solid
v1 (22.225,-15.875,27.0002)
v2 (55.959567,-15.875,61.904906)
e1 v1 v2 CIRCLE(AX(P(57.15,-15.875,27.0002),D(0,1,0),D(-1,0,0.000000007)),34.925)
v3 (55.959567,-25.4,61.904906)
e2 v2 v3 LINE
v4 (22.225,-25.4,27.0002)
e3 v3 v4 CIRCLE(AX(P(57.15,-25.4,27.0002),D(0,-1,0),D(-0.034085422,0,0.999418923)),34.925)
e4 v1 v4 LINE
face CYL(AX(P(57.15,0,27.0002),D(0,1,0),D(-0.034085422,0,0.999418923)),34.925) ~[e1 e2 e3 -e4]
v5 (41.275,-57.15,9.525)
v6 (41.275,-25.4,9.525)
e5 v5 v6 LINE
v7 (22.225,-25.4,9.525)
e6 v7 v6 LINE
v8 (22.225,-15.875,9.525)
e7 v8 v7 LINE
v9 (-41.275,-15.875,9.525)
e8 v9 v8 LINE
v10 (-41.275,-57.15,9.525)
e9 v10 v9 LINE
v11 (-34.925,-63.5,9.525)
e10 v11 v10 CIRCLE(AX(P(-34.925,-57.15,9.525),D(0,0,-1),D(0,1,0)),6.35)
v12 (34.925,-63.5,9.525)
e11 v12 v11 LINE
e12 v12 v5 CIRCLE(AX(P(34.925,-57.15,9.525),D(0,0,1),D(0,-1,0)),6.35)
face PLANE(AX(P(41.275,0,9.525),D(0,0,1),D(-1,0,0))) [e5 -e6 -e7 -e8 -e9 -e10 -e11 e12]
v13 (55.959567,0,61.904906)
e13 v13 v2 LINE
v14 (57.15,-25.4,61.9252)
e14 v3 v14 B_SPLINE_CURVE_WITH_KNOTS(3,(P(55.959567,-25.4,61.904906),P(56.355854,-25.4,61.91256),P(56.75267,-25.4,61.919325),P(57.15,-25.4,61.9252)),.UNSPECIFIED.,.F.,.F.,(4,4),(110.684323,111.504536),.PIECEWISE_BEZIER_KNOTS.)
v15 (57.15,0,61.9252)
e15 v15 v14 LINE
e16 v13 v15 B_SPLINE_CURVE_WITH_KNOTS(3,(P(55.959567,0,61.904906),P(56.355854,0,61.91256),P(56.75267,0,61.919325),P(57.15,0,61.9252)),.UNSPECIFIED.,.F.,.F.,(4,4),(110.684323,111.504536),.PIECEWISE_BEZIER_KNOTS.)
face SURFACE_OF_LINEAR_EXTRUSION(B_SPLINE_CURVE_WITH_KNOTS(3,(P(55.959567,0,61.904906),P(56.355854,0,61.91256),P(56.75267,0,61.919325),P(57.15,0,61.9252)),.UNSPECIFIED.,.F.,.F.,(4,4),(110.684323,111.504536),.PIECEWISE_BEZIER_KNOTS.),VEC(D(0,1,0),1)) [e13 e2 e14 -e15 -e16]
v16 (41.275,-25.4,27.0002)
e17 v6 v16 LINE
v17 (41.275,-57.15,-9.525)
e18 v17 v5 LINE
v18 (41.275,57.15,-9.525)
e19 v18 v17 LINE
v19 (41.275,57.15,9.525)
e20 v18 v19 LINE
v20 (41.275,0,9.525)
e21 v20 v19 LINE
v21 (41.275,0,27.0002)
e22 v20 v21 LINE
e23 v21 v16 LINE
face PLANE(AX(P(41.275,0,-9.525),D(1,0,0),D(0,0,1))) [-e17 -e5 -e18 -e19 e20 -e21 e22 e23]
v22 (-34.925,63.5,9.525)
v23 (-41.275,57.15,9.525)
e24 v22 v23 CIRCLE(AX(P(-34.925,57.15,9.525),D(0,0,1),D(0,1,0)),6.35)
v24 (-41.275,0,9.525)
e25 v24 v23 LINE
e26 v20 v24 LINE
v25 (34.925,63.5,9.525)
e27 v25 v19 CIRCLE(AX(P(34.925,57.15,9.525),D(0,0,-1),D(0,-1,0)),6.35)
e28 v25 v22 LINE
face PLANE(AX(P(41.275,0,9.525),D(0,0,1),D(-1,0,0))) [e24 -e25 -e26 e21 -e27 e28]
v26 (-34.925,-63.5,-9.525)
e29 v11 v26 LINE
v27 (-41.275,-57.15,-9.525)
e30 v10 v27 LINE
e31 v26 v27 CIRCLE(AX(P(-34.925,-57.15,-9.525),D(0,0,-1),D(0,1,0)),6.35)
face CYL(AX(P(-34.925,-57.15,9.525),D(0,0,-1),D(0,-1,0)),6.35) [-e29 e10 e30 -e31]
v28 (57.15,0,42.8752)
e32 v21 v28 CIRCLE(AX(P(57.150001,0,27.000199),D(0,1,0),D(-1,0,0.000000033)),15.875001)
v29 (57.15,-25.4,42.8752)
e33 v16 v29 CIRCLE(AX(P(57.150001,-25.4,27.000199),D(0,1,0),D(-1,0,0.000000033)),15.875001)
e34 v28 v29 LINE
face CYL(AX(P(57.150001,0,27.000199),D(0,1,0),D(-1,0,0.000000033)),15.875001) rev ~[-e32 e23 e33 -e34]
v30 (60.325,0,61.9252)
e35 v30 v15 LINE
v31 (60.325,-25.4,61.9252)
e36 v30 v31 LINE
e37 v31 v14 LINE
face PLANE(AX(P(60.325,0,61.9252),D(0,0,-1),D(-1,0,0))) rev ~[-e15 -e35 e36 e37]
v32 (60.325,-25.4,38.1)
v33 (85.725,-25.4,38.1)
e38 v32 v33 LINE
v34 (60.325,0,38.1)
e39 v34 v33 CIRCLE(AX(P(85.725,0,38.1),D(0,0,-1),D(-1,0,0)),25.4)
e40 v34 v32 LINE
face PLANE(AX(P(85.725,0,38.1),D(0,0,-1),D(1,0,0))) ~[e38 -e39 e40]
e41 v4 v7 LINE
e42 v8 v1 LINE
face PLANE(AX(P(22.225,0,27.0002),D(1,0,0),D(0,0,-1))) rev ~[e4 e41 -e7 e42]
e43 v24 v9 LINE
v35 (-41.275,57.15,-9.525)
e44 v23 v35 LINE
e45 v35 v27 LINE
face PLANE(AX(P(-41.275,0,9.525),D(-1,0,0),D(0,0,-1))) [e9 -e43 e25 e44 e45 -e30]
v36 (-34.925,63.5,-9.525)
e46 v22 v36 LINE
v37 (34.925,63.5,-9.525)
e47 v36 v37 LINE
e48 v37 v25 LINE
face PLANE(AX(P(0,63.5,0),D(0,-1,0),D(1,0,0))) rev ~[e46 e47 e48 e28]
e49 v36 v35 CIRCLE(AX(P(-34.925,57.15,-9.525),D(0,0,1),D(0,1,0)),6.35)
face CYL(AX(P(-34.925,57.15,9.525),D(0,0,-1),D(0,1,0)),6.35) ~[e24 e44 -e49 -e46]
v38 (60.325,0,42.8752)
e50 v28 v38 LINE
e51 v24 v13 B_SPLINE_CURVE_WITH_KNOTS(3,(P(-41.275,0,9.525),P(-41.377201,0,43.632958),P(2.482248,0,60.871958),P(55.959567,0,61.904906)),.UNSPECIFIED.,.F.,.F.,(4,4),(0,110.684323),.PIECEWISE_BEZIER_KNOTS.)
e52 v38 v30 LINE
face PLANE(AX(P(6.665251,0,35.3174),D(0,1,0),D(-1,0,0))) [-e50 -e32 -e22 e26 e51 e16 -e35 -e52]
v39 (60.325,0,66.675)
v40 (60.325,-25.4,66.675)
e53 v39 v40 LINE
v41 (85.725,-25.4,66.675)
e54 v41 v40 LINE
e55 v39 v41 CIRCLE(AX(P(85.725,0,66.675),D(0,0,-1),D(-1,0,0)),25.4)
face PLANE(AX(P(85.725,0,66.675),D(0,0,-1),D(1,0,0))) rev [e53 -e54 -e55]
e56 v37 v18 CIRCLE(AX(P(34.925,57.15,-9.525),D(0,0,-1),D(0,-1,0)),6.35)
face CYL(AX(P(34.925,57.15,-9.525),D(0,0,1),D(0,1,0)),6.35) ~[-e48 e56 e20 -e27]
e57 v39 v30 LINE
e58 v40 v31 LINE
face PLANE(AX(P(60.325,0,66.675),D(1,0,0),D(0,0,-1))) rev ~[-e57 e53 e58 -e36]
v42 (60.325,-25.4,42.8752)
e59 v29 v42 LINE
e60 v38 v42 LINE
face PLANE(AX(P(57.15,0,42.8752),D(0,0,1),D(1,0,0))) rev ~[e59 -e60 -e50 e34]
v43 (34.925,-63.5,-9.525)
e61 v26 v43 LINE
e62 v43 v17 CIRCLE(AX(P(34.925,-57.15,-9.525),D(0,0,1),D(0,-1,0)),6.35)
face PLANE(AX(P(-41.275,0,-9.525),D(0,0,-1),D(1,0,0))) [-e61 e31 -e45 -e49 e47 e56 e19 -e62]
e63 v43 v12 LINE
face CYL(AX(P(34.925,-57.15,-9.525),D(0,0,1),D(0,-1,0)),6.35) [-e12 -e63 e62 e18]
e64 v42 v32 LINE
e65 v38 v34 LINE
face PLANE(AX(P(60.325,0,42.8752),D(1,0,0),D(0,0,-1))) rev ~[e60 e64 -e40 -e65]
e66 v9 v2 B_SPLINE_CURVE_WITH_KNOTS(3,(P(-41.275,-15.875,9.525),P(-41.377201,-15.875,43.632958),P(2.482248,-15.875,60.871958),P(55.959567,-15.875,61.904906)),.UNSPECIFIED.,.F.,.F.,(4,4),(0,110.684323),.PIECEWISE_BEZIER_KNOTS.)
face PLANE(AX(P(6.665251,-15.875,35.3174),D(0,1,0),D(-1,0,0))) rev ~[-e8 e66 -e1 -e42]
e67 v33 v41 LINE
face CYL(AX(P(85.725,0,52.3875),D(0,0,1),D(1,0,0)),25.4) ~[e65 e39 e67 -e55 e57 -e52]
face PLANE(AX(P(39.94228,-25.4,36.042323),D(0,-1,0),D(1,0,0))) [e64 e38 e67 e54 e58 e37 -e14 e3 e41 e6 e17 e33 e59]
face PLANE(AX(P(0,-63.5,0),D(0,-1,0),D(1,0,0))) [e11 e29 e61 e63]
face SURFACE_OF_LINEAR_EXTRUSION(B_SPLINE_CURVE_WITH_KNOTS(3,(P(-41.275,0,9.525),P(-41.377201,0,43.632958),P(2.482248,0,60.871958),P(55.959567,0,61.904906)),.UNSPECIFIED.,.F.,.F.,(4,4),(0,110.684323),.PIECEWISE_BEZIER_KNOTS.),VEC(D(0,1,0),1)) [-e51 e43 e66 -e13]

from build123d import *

# Parameters (mm, degrees)
F1_DEPTH = 63.5
F2_DEPTH = 25.4
F3_DEPTH = 15.875
F4_R     = 6.35
F0_W     = 25.4
F0_H     = 28.575


with BuildPart() as f1:
    # F0 (on Front) → F1 (new body, symmetric)
    with BuildSketch(Plane.XZ):
        Polygon((22.225, 9.525), (-41.275, 9.525), (-41.275, -9.525), (41.275, -9.525), (41.275, 9.525), align=None)
    extrude(amount=F1_DEPTH, both=True)

    # F0 (on Front) → F2 (join)
    with BuildSketch(Plane.XZ):
        with BuildLine():
            Line((22.225, 27.0002), (22.225, 9.525))
            Line((22.225, 9.525), (41.275, 9.525))
            Line((41.275, 9.525), (41.275, 27.0002))
            ThreePointArc((41.275, 27.0002), (45.92468, 38.22552), (57.15, 42.8752))
            Line((57.15, 42.8752), (60.325, 42.8752))
            Line((60.325, 42.8752), (60.325, 61.9252))
            Line((60.325, 61.9252), (57.15, 61.9252))
            add(Edge.make_bspline(
                [(55.959567, 61.904906), (56.355854, 61.91256), (56.75267, 61.919325), (57.15, 61.9252)],
                knots=[110.684323, 110.684323, 110.684323, 110.684323, 111.504536, 111.504536, 111.504536, 111.504536], degree=3))
            ThreePointArc((55.959567, 61.904906), (32.036941, 51.271374), (22.225, 27.0002))
        make_face()
        Polygon((60.325, 66.675), (60.325, 61.9252), (60.325, 42.8752), (60.325, 38.1), (85.725, 38.1), (85.725, 66.675), align=None)
    extrude(amount=F2_DEPTH)

    # F0 (on Front) → F3 (join)
    with BuildSketch(Plane.XZ):
        with BuildLine():
            add(Edge.make_bspline(
                [(-41.275, 9.525), (-41.377201, 43.632958), (2.482248, 60.871958), (55.959567, 61.904906)],
                knots=[0, 0, 0, 0, 110.684323, 110.684323, 110.684323, 110.684323], degree=3))
            Line((-41.275, 9.525), (22.225, 9.525))
            Line((22.225, 9.525), (22.225, 27.0002))
            ThreePointArc((22.225, 27.0002), (32.036941, 51.271374), (55.959567, 61.904906))
        make_face()
    extrude(amount=F3_DEPTH)

    # F4
    f4_edges = [f1.edges().sort_by_distance(p)[0] for p in [
        (-41.275, -63.5, 0),
        (41.275, -63.5, 0),
        (41.275, 63.5, 0),
        (-41.275, 63.5, 0),
    ]]
    fillet(f4_edges, radius=F4_R)

    # F0 (on Front) → F5 (revolve)
    with BuildSketch(Plane.XZ):
        with Locations((98.425, 52.3875)):
            Rectangle(F0_W, F0_H)
    revolve(axis=Axis((85.725, 0, 52.3875), (0, 0, -1)))


solid = f1.part
